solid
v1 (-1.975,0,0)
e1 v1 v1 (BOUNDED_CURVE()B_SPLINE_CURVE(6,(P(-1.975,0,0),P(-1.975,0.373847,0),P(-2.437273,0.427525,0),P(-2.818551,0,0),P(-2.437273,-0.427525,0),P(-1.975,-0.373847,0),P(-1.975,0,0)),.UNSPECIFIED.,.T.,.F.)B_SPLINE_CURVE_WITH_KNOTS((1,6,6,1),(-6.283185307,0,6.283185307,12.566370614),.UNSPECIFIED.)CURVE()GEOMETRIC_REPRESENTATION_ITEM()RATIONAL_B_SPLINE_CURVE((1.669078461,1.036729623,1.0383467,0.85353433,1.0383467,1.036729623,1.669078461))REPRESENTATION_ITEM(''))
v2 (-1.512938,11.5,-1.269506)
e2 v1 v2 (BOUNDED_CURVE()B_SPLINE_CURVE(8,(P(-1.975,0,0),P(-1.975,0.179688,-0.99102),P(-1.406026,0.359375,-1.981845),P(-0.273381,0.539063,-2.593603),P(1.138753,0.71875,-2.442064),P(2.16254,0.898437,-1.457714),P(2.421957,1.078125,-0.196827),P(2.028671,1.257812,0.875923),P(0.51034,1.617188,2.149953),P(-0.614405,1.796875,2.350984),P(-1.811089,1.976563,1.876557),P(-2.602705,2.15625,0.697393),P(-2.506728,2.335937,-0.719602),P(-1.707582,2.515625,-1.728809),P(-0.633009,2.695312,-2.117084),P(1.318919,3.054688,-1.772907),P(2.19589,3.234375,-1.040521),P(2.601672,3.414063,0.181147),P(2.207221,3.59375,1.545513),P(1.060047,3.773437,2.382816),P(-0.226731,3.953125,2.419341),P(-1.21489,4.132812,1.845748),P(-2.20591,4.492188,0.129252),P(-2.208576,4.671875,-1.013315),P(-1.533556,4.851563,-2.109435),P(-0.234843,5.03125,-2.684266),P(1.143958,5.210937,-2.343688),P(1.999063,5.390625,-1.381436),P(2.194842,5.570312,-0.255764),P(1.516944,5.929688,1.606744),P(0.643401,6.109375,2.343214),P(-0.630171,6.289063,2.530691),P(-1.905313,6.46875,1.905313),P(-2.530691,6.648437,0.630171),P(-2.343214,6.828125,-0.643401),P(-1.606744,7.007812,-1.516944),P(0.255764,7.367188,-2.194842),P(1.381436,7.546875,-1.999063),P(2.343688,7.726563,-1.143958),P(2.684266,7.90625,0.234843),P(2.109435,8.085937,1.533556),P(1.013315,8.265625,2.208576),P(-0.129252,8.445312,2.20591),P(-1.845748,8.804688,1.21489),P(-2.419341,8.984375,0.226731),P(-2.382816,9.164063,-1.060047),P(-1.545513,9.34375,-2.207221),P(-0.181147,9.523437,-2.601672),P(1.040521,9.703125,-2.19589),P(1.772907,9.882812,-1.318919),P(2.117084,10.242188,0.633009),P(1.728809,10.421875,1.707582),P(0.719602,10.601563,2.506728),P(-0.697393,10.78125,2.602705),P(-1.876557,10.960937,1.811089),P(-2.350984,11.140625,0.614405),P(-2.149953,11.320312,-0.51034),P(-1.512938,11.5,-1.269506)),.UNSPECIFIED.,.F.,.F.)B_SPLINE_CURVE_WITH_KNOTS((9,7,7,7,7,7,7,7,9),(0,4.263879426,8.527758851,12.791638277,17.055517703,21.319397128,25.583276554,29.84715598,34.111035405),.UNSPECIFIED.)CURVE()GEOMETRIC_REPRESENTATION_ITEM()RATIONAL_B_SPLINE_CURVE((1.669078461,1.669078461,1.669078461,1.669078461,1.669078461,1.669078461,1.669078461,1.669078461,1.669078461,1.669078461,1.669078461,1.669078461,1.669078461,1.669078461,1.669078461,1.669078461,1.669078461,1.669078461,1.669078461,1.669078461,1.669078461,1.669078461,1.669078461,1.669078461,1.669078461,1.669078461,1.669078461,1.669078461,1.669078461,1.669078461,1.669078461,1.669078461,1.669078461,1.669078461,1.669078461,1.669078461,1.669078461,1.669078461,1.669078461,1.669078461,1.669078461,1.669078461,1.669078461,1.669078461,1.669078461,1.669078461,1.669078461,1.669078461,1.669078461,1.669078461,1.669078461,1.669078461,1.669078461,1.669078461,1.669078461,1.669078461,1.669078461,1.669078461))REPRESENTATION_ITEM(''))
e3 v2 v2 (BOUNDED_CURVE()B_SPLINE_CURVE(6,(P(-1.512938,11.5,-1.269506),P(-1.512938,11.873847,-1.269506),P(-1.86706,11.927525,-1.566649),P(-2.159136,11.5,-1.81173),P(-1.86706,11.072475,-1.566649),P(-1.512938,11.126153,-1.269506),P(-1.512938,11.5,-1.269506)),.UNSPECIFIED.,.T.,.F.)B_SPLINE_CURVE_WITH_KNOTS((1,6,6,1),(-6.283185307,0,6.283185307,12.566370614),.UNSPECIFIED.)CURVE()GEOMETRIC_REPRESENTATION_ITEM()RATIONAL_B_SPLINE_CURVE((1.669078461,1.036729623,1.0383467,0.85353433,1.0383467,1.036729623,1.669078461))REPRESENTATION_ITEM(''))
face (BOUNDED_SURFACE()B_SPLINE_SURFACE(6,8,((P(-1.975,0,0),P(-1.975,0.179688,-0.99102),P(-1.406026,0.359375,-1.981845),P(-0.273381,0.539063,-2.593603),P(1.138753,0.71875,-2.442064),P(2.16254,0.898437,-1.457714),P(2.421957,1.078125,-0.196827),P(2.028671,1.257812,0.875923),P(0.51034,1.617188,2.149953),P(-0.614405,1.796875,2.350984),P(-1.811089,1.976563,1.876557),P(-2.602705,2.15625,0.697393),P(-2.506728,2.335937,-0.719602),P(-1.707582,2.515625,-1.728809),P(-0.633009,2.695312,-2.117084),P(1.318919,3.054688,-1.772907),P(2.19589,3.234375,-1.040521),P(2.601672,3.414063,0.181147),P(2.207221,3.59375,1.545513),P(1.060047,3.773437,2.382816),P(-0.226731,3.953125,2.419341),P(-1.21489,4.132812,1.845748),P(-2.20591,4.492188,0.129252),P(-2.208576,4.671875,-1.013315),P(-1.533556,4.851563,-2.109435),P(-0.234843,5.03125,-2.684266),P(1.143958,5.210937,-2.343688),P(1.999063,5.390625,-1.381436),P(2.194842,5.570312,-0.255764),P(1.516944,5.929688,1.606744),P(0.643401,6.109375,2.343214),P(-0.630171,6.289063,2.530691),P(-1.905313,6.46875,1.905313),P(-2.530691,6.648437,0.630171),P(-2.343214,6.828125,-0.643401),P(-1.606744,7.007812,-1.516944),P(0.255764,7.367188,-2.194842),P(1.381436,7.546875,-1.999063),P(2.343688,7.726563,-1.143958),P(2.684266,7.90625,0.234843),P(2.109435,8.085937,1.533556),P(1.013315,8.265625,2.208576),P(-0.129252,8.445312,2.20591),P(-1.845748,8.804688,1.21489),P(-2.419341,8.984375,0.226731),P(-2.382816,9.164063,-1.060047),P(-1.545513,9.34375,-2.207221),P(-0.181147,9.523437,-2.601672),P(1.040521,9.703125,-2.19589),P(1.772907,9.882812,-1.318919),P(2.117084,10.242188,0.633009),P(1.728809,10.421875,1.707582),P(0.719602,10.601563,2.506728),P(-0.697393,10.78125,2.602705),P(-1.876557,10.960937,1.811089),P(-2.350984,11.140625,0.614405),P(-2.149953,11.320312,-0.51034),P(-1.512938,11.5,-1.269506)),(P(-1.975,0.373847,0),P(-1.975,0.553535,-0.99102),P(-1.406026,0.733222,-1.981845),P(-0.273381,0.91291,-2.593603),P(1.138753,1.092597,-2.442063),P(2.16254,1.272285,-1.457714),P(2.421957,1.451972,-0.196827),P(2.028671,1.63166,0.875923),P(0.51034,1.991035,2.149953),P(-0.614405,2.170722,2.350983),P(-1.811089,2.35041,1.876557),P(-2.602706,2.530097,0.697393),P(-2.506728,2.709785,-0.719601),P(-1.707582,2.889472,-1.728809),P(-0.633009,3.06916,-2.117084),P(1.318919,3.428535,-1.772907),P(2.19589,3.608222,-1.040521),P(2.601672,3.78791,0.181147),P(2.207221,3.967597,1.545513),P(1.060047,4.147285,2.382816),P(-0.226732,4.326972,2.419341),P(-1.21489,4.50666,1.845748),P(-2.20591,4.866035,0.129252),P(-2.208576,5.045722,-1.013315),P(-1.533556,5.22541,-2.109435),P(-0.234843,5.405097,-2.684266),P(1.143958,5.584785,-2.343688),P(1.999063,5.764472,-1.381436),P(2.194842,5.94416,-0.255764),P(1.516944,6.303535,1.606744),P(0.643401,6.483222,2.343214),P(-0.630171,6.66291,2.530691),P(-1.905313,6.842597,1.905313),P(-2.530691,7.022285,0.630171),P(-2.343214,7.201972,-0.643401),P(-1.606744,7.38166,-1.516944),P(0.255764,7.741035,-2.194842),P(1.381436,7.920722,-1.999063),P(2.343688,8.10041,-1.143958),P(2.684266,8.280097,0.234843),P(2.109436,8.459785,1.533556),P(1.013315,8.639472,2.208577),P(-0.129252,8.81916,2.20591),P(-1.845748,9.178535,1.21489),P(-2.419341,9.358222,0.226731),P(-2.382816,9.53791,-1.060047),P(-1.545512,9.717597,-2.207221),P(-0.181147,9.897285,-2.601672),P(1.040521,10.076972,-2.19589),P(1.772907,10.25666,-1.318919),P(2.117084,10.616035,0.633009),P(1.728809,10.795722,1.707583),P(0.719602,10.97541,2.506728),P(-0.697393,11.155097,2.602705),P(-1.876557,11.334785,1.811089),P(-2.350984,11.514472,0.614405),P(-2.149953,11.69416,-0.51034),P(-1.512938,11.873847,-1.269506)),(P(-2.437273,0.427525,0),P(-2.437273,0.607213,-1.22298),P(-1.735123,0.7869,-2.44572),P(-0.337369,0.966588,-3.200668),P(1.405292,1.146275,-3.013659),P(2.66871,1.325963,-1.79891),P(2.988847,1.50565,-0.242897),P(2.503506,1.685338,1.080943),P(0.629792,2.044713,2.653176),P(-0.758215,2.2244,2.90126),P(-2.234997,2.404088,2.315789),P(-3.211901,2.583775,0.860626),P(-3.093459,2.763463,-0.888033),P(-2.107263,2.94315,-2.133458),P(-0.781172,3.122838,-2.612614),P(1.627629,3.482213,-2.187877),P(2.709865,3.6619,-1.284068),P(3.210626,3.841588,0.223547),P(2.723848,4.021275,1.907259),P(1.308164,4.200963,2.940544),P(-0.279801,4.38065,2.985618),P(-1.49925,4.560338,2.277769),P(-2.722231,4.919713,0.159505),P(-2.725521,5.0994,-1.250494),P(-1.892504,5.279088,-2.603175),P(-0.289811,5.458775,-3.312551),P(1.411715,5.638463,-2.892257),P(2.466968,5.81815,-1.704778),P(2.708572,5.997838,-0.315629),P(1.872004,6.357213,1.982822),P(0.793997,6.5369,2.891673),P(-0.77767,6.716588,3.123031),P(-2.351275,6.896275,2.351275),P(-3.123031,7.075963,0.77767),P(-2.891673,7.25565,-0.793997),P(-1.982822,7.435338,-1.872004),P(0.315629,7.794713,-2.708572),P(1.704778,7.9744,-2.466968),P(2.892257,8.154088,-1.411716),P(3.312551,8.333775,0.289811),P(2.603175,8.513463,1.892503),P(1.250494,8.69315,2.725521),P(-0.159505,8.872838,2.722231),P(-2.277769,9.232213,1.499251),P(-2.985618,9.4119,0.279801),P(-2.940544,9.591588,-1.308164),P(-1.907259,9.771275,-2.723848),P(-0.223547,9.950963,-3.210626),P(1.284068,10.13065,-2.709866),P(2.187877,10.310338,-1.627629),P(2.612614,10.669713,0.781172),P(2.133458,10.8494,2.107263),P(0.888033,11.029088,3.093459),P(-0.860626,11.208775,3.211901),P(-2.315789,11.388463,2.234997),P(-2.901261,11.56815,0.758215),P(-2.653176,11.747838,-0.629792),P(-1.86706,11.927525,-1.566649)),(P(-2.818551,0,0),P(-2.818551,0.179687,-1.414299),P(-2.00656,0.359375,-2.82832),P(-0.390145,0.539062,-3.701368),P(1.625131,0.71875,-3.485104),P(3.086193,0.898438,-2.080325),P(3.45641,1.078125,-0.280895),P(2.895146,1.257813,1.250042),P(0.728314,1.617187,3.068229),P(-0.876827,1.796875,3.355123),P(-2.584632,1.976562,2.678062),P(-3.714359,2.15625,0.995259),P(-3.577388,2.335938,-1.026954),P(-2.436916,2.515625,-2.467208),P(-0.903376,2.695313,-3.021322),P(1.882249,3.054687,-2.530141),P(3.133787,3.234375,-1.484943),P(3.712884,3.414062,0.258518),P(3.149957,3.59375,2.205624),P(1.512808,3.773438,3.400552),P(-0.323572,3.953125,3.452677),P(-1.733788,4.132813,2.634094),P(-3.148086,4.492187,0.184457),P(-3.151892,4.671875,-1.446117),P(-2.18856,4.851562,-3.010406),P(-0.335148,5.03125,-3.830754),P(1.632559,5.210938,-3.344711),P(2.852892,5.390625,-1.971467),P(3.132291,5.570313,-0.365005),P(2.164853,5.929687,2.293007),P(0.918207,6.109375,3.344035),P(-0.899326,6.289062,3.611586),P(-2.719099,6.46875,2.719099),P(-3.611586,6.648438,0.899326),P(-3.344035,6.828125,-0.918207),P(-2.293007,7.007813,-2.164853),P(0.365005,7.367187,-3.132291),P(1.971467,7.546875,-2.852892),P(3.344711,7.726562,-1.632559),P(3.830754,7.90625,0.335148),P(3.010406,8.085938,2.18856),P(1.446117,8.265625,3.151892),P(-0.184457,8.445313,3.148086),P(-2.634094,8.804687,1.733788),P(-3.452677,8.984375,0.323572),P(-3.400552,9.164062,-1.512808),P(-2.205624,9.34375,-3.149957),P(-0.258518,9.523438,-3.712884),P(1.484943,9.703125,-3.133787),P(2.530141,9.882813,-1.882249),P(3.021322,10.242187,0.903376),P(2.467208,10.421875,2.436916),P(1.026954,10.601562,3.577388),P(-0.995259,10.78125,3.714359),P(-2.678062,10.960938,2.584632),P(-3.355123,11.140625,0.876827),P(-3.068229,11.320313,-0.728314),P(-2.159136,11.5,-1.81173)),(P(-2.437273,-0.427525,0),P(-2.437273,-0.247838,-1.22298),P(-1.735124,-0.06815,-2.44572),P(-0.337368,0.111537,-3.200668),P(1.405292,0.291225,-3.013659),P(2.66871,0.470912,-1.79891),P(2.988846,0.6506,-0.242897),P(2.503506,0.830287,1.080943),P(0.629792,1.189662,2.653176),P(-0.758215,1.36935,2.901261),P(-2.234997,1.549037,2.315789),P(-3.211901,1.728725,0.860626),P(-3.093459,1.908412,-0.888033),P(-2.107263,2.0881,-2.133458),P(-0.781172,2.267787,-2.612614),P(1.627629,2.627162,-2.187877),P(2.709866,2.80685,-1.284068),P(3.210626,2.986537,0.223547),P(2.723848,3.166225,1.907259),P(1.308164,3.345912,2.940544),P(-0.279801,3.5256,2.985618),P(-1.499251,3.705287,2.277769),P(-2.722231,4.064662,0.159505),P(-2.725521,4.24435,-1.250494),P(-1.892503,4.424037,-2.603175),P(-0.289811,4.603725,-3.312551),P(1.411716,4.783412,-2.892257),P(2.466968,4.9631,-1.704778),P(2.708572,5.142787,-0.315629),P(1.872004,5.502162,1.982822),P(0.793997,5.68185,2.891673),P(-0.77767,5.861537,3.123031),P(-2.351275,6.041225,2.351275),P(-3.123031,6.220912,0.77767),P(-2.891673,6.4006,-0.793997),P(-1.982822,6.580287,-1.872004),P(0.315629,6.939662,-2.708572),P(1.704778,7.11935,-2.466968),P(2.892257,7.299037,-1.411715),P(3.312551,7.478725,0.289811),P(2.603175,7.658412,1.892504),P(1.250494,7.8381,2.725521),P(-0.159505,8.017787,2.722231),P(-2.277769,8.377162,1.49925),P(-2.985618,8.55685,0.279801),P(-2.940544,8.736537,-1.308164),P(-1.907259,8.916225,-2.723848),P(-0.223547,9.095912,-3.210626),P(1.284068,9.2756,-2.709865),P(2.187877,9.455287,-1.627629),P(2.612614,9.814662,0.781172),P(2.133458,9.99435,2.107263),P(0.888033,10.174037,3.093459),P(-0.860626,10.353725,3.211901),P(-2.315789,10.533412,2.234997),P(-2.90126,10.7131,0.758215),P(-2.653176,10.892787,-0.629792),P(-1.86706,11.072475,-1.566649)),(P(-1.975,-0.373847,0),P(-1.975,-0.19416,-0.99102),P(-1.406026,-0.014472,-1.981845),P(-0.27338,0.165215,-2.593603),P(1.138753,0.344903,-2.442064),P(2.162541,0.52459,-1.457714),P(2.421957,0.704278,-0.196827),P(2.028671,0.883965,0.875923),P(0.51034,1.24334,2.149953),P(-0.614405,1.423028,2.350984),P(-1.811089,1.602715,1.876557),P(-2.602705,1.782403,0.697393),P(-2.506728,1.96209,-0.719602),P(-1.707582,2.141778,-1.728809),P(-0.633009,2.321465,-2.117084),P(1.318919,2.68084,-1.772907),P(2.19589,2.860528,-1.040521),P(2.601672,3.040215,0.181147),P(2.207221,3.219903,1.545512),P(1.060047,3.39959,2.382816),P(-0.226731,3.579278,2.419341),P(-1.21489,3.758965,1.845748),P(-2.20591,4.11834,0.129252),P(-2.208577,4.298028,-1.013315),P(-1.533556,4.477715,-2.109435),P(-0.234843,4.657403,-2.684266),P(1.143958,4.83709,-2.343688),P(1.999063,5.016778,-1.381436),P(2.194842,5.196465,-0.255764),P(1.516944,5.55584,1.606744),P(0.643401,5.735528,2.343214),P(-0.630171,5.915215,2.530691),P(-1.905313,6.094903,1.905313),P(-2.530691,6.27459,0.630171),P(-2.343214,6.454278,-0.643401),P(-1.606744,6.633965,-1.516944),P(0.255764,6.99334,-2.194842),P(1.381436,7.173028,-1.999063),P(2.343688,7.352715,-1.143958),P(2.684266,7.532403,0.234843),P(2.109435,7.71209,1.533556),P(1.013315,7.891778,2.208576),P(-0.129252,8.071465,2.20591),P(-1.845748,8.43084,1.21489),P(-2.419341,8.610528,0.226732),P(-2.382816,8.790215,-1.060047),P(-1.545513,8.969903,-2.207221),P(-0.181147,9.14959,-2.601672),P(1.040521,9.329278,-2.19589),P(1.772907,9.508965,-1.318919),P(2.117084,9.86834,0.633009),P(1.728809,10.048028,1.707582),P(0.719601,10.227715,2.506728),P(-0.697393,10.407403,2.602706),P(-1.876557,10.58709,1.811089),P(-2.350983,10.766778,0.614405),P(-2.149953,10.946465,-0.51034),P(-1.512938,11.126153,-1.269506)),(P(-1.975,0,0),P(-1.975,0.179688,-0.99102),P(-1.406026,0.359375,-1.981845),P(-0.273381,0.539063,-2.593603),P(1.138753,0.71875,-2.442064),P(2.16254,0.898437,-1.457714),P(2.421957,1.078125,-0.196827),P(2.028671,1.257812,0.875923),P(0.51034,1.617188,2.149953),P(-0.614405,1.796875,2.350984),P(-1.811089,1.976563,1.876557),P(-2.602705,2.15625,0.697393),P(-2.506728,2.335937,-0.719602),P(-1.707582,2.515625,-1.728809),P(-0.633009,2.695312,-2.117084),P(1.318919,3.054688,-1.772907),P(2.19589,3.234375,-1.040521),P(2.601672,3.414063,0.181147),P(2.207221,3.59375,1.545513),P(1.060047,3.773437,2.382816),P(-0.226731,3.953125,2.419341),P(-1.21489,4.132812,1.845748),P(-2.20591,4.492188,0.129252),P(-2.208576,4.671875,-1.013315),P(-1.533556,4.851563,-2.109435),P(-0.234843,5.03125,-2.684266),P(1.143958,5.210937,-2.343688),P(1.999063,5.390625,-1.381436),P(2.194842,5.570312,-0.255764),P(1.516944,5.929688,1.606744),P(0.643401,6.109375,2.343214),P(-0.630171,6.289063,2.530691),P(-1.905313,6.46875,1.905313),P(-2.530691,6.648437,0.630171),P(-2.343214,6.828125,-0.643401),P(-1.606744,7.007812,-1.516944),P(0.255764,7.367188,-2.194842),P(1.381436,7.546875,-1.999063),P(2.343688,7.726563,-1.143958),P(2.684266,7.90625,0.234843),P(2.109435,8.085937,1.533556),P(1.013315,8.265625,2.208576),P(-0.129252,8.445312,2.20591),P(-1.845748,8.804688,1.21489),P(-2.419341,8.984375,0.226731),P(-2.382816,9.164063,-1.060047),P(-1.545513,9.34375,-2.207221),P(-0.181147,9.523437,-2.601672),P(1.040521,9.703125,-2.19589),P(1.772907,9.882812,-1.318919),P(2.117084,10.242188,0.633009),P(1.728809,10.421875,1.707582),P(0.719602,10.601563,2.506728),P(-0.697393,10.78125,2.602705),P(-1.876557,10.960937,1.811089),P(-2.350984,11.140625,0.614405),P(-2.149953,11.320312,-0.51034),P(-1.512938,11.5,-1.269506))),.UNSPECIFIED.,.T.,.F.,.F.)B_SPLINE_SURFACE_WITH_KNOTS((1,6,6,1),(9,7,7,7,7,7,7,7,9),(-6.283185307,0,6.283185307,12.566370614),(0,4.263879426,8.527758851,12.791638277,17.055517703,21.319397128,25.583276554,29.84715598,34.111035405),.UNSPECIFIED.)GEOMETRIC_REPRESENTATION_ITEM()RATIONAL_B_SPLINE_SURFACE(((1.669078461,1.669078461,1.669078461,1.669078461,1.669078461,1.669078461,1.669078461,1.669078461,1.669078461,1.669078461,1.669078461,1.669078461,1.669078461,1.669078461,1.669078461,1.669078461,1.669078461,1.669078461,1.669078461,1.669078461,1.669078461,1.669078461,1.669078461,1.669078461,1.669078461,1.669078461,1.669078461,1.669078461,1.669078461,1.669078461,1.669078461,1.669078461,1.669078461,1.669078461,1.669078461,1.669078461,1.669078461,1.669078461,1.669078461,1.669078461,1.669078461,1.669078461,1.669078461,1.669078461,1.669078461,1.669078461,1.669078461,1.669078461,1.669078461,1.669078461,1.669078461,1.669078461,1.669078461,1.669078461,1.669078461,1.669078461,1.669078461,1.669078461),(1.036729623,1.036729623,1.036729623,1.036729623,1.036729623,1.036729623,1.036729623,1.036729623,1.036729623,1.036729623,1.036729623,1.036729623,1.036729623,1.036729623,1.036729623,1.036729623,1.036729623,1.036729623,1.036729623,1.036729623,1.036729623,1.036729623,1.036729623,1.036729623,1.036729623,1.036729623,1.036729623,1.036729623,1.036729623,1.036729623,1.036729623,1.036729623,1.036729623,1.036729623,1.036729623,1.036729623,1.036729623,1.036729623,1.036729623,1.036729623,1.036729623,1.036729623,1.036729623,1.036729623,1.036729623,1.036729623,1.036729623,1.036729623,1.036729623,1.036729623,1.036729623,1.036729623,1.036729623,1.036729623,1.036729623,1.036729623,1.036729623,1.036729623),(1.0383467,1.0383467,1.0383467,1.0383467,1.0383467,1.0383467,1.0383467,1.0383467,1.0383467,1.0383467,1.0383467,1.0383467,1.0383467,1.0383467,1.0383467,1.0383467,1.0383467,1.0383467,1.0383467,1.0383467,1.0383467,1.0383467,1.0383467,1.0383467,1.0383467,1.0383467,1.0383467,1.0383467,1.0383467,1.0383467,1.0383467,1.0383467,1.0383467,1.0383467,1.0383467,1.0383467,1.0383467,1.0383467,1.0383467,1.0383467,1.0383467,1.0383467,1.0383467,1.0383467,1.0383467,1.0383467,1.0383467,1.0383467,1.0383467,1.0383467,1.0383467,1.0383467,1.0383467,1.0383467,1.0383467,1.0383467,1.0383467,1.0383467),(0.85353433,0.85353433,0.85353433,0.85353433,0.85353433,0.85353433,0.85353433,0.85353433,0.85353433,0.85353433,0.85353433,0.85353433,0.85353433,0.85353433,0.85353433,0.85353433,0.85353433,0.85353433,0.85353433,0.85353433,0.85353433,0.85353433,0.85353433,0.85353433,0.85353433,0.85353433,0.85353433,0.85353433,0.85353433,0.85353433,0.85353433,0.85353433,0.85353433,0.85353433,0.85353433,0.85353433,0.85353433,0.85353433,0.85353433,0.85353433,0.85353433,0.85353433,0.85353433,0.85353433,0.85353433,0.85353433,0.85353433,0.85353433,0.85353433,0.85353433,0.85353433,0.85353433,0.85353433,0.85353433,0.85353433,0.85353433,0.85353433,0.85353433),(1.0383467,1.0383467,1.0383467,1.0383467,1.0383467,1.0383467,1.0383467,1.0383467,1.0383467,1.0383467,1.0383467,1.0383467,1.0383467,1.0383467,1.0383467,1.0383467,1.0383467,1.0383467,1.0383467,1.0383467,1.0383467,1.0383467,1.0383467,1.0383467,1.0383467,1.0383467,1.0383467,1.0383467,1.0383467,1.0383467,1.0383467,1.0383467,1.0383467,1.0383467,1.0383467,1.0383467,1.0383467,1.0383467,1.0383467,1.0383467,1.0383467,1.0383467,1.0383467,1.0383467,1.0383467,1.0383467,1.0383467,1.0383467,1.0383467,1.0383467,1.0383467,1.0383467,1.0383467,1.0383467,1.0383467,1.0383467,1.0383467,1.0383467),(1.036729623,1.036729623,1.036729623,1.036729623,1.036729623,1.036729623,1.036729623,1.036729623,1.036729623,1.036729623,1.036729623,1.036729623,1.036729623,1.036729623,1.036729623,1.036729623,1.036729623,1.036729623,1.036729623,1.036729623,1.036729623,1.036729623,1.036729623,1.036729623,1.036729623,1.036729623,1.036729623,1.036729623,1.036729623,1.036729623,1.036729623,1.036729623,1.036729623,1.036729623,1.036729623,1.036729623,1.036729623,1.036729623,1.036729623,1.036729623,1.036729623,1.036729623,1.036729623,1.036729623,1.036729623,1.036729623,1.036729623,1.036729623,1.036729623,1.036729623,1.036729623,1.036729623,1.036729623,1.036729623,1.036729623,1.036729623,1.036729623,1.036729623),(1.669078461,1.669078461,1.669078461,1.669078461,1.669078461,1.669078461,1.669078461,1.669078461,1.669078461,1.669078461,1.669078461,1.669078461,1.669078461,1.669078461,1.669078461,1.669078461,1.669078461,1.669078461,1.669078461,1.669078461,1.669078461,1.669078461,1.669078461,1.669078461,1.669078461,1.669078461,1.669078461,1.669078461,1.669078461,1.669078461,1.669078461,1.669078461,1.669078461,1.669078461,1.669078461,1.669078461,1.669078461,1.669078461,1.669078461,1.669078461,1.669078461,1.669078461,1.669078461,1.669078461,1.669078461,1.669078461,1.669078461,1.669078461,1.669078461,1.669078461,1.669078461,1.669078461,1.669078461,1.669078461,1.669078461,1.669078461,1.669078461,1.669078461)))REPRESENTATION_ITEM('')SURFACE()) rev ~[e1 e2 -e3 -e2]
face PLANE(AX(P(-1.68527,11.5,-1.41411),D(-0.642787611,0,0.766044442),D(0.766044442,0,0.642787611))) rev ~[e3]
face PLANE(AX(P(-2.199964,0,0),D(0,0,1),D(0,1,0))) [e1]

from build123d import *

# Parameters (mm, degrees)
SWEEP1_PITCH       = 2.25
SWEEP1_HEIGHT      = 11.5
SWEEP1_RADIUS      = 2.2
SWEEP1_START_ANGLE = -90
SKETCH3_R          = 0.225


with BuildPart() as part:
    # Sweep1: sweep along a helix
    with BuildLine() as sweep1_path:
        add(Helix(SWEEP1_PITCH, SWEEP1_HEIGHT, SWEEP1_RADIUS, center=(0, 0, 0), direction=(0, 1, 0), lefthand=True, mode=Mode.PRIVATE).rotate(Axis((0, 0, 0), (0, 1, 0)), SWEEP1_START_ANGLE))
    # Sketch3 → Sweep1 (sweep)
    with BuildSketch(Plane.XY):
        with Locations((-2.2, 0)):
            Circle(SKETCH3_R)
    sweep(path=sweep1_path.line, is_frenet=True)


solid = part.part
